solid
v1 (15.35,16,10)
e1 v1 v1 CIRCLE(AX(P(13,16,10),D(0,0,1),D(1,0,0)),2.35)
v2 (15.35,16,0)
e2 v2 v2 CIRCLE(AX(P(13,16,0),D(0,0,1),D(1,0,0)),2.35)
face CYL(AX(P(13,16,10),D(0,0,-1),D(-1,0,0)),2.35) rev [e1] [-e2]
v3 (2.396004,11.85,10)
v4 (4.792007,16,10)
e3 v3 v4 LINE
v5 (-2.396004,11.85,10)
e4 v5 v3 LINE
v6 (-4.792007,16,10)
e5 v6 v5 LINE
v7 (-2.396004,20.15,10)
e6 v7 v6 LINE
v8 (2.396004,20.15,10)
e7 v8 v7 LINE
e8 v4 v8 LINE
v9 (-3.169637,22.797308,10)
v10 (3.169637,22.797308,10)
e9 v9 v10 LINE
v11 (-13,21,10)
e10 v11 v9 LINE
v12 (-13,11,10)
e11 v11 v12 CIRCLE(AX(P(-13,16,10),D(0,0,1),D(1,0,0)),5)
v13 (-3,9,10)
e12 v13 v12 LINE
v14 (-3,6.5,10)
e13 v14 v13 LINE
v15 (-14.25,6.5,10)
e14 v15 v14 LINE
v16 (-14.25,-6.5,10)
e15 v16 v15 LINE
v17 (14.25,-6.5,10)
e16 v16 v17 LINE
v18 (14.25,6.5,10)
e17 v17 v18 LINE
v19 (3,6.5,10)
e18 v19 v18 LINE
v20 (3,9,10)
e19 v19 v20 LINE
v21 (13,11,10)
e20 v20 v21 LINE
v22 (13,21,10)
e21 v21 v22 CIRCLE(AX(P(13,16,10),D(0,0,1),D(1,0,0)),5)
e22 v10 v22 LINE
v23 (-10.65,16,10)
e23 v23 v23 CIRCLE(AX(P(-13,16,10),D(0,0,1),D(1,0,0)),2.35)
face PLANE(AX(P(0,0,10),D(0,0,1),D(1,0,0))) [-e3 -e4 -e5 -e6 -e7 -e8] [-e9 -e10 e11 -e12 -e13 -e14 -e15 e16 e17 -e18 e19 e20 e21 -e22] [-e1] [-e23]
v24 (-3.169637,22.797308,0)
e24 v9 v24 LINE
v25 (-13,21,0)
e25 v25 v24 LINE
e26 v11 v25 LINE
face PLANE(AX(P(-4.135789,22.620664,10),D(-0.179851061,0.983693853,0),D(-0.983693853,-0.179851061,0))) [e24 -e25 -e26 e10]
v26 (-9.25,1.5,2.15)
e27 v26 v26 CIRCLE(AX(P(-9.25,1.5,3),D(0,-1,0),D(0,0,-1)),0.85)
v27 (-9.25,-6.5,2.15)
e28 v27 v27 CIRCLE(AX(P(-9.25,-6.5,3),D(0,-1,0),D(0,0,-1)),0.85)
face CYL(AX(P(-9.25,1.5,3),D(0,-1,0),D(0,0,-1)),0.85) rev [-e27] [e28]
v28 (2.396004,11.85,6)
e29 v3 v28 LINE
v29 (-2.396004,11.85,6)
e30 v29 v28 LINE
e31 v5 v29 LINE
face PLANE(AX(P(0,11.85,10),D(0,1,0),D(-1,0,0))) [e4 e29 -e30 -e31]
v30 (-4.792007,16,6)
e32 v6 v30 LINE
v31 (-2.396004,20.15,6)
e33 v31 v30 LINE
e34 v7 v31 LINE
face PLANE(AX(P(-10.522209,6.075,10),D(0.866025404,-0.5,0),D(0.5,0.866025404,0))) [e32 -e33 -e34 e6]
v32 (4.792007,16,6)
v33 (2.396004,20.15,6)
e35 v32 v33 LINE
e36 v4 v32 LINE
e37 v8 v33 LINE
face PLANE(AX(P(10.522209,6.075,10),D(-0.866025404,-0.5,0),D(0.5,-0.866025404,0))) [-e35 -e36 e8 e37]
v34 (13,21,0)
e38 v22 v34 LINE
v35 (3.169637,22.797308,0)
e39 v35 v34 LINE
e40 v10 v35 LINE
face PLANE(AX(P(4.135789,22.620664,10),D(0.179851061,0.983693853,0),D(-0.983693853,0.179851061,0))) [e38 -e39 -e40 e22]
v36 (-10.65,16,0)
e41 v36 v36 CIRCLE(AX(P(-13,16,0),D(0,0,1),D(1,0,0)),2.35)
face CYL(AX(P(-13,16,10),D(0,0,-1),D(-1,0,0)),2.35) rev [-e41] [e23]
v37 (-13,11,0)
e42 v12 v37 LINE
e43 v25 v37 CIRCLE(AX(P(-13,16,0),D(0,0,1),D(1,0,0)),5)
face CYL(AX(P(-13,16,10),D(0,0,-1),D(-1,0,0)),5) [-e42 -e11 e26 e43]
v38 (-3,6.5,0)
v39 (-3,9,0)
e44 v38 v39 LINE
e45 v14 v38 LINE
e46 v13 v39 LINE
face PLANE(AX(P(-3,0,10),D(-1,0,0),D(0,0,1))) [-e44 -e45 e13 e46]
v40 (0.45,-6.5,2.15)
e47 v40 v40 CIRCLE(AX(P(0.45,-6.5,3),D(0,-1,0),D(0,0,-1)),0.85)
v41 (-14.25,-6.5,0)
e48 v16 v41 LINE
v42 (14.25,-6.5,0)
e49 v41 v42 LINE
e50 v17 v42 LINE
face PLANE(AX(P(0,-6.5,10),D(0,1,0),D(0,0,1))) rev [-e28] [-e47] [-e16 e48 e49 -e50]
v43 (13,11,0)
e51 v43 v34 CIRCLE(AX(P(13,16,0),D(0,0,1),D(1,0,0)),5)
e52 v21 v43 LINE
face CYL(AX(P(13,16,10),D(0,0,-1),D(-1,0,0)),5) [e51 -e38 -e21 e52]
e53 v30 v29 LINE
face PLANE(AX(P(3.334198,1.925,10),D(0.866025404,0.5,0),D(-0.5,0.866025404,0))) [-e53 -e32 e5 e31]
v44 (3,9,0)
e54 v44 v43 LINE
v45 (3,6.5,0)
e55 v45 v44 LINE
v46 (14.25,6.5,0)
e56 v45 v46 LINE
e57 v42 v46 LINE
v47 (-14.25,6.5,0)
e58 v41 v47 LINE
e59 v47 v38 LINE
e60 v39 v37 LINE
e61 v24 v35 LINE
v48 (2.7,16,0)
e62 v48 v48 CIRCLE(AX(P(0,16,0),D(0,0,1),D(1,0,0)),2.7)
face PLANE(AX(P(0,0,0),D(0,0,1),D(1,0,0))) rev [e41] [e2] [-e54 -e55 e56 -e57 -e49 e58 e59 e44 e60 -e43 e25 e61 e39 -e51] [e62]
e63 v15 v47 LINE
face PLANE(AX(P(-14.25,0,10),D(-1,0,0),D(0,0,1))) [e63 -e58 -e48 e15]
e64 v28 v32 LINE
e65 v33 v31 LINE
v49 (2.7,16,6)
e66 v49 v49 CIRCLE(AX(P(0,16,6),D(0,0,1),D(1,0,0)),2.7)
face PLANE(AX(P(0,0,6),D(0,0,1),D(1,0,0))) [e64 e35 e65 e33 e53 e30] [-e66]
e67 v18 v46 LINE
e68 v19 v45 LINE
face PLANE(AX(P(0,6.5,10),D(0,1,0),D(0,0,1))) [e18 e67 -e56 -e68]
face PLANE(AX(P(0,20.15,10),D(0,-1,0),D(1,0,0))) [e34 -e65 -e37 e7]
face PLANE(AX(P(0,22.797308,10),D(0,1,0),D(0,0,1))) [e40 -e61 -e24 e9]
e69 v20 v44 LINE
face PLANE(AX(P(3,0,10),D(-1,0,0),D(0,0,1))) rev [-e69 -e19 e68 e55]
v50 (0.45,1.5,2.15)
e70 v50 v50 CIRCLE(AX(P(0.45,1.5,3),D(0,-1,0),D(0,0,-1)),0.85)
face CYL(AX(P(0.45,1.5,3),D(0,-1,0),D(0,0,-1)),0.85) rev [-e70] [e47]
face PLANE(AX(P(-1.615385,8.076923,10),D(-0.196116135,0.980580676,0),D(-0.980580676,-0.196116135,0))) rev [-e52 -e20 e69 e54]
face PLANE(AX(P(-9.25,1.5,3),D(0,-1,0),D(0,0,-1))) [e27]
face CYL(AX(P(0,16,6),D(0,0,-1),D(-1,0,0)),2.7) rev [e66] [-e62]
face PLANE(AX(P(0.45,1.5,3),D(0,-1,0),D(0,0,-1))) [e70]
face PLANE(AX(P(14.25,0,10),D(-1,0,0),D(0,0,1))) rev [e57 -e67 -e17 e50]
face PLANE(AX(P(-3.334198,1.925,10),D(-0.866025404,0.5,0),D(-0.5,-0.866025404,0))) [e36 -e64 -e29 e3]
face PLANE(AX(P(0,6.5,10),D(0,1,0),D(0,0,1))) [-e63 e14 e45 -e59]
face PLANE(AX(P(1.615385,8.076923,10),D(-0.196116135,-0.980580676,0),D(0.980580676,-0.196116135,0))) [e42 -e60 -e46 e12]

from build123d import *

# Parameters (mm, degrees)
ESQUISSE1_R            = 2.35
FORME_PRINCIPALE_DEPTH = 10
ESQUISSE1_5_R          = 2.7
ECROU_DEPTH            = 6
ESQUISSE3_R            = 0.85
VIS_DEPTH              = 8


with BuildPart() as part:
    # Esquisse1 → forme principale (new body)
    with BuildSketch(Plane.XY):
        with BuildLine():
            Line((-14.25, 6.5), (-14.25, -6.5))
            Line((-14.25, -6.5), (14.25, -6.5))
            Line((14.25, -6.5), (14.25, 6.5))
            Line((14.25, 6.5), (3, 6.5))
            Line((3, 6.5), (3, 9))
            Line((3, 9), (13, 11))
            ThreePointArc((13, 11), (18, 16), (13, 21))
            Line((13, 21), (3.169636963, 22.797308403))
            Line((3.169636963, 22.797308403), (-3.169636963, 22.797308403))
            Line((-3.169636963, 22.797308403), (-13, 21))
            ThreePointArc((-13, 21), (-18, 16), (-13, 11))
            Line((-13, 11), (-3, 9))
            Line((-3, 9), (-3, 6.5))
            Line((-3, 6.5), (-14.25, 6.5))
        make_face()
        with Locations((-13, 16)):
            Circle(ESQUISSE1_R, mode=Mode.SUBTRACT)
        Polygon((4.792007234, 16), (2.396003617, 11.85), (-2.396003617, 11.85), (-4.792007234, 16), (-2.396003617, 20.15), (2.396003617, 20.15), align=None, mode=Mode.SUBTRACT)
        with Locations((13, 16)):
            Circle(ESQUISSE1_R, mode=Mode.SUBTRACT)
    extrude(amount=FORME_PRINCIPALE_DEPTH)

    # Esquisse1<5> → ecrou (add)
    with BuildSketch(Plane.XY):
        Polygon((-2.396003617, 11.85), (2.396003617, 11.85), (4.792007234, 16), (2.396003617, 20.15), (-2.396003617, 20.15), (-4.792007234, 16), align=None)
        with Locations((0, 16)):
            Circle(ESQUISSE1_5_R, mode=Mode.SUBTRACT)
    extrude(amount=ECROU_DEPTH)

    # Esquisse3 → vis (cut)
    with BuildSketch(Plane.XZ.offset(6.5)):
        with Locations((-9.25, 3)):
            Circle(ESQUISSE3_R)
        with Locations((0.45, 3)):
            Circle(ESQUISSE3_R)
    extrude(amount=-VIS_DEPTH, mode=Mode.SUBTRACT)


solid = part.part
